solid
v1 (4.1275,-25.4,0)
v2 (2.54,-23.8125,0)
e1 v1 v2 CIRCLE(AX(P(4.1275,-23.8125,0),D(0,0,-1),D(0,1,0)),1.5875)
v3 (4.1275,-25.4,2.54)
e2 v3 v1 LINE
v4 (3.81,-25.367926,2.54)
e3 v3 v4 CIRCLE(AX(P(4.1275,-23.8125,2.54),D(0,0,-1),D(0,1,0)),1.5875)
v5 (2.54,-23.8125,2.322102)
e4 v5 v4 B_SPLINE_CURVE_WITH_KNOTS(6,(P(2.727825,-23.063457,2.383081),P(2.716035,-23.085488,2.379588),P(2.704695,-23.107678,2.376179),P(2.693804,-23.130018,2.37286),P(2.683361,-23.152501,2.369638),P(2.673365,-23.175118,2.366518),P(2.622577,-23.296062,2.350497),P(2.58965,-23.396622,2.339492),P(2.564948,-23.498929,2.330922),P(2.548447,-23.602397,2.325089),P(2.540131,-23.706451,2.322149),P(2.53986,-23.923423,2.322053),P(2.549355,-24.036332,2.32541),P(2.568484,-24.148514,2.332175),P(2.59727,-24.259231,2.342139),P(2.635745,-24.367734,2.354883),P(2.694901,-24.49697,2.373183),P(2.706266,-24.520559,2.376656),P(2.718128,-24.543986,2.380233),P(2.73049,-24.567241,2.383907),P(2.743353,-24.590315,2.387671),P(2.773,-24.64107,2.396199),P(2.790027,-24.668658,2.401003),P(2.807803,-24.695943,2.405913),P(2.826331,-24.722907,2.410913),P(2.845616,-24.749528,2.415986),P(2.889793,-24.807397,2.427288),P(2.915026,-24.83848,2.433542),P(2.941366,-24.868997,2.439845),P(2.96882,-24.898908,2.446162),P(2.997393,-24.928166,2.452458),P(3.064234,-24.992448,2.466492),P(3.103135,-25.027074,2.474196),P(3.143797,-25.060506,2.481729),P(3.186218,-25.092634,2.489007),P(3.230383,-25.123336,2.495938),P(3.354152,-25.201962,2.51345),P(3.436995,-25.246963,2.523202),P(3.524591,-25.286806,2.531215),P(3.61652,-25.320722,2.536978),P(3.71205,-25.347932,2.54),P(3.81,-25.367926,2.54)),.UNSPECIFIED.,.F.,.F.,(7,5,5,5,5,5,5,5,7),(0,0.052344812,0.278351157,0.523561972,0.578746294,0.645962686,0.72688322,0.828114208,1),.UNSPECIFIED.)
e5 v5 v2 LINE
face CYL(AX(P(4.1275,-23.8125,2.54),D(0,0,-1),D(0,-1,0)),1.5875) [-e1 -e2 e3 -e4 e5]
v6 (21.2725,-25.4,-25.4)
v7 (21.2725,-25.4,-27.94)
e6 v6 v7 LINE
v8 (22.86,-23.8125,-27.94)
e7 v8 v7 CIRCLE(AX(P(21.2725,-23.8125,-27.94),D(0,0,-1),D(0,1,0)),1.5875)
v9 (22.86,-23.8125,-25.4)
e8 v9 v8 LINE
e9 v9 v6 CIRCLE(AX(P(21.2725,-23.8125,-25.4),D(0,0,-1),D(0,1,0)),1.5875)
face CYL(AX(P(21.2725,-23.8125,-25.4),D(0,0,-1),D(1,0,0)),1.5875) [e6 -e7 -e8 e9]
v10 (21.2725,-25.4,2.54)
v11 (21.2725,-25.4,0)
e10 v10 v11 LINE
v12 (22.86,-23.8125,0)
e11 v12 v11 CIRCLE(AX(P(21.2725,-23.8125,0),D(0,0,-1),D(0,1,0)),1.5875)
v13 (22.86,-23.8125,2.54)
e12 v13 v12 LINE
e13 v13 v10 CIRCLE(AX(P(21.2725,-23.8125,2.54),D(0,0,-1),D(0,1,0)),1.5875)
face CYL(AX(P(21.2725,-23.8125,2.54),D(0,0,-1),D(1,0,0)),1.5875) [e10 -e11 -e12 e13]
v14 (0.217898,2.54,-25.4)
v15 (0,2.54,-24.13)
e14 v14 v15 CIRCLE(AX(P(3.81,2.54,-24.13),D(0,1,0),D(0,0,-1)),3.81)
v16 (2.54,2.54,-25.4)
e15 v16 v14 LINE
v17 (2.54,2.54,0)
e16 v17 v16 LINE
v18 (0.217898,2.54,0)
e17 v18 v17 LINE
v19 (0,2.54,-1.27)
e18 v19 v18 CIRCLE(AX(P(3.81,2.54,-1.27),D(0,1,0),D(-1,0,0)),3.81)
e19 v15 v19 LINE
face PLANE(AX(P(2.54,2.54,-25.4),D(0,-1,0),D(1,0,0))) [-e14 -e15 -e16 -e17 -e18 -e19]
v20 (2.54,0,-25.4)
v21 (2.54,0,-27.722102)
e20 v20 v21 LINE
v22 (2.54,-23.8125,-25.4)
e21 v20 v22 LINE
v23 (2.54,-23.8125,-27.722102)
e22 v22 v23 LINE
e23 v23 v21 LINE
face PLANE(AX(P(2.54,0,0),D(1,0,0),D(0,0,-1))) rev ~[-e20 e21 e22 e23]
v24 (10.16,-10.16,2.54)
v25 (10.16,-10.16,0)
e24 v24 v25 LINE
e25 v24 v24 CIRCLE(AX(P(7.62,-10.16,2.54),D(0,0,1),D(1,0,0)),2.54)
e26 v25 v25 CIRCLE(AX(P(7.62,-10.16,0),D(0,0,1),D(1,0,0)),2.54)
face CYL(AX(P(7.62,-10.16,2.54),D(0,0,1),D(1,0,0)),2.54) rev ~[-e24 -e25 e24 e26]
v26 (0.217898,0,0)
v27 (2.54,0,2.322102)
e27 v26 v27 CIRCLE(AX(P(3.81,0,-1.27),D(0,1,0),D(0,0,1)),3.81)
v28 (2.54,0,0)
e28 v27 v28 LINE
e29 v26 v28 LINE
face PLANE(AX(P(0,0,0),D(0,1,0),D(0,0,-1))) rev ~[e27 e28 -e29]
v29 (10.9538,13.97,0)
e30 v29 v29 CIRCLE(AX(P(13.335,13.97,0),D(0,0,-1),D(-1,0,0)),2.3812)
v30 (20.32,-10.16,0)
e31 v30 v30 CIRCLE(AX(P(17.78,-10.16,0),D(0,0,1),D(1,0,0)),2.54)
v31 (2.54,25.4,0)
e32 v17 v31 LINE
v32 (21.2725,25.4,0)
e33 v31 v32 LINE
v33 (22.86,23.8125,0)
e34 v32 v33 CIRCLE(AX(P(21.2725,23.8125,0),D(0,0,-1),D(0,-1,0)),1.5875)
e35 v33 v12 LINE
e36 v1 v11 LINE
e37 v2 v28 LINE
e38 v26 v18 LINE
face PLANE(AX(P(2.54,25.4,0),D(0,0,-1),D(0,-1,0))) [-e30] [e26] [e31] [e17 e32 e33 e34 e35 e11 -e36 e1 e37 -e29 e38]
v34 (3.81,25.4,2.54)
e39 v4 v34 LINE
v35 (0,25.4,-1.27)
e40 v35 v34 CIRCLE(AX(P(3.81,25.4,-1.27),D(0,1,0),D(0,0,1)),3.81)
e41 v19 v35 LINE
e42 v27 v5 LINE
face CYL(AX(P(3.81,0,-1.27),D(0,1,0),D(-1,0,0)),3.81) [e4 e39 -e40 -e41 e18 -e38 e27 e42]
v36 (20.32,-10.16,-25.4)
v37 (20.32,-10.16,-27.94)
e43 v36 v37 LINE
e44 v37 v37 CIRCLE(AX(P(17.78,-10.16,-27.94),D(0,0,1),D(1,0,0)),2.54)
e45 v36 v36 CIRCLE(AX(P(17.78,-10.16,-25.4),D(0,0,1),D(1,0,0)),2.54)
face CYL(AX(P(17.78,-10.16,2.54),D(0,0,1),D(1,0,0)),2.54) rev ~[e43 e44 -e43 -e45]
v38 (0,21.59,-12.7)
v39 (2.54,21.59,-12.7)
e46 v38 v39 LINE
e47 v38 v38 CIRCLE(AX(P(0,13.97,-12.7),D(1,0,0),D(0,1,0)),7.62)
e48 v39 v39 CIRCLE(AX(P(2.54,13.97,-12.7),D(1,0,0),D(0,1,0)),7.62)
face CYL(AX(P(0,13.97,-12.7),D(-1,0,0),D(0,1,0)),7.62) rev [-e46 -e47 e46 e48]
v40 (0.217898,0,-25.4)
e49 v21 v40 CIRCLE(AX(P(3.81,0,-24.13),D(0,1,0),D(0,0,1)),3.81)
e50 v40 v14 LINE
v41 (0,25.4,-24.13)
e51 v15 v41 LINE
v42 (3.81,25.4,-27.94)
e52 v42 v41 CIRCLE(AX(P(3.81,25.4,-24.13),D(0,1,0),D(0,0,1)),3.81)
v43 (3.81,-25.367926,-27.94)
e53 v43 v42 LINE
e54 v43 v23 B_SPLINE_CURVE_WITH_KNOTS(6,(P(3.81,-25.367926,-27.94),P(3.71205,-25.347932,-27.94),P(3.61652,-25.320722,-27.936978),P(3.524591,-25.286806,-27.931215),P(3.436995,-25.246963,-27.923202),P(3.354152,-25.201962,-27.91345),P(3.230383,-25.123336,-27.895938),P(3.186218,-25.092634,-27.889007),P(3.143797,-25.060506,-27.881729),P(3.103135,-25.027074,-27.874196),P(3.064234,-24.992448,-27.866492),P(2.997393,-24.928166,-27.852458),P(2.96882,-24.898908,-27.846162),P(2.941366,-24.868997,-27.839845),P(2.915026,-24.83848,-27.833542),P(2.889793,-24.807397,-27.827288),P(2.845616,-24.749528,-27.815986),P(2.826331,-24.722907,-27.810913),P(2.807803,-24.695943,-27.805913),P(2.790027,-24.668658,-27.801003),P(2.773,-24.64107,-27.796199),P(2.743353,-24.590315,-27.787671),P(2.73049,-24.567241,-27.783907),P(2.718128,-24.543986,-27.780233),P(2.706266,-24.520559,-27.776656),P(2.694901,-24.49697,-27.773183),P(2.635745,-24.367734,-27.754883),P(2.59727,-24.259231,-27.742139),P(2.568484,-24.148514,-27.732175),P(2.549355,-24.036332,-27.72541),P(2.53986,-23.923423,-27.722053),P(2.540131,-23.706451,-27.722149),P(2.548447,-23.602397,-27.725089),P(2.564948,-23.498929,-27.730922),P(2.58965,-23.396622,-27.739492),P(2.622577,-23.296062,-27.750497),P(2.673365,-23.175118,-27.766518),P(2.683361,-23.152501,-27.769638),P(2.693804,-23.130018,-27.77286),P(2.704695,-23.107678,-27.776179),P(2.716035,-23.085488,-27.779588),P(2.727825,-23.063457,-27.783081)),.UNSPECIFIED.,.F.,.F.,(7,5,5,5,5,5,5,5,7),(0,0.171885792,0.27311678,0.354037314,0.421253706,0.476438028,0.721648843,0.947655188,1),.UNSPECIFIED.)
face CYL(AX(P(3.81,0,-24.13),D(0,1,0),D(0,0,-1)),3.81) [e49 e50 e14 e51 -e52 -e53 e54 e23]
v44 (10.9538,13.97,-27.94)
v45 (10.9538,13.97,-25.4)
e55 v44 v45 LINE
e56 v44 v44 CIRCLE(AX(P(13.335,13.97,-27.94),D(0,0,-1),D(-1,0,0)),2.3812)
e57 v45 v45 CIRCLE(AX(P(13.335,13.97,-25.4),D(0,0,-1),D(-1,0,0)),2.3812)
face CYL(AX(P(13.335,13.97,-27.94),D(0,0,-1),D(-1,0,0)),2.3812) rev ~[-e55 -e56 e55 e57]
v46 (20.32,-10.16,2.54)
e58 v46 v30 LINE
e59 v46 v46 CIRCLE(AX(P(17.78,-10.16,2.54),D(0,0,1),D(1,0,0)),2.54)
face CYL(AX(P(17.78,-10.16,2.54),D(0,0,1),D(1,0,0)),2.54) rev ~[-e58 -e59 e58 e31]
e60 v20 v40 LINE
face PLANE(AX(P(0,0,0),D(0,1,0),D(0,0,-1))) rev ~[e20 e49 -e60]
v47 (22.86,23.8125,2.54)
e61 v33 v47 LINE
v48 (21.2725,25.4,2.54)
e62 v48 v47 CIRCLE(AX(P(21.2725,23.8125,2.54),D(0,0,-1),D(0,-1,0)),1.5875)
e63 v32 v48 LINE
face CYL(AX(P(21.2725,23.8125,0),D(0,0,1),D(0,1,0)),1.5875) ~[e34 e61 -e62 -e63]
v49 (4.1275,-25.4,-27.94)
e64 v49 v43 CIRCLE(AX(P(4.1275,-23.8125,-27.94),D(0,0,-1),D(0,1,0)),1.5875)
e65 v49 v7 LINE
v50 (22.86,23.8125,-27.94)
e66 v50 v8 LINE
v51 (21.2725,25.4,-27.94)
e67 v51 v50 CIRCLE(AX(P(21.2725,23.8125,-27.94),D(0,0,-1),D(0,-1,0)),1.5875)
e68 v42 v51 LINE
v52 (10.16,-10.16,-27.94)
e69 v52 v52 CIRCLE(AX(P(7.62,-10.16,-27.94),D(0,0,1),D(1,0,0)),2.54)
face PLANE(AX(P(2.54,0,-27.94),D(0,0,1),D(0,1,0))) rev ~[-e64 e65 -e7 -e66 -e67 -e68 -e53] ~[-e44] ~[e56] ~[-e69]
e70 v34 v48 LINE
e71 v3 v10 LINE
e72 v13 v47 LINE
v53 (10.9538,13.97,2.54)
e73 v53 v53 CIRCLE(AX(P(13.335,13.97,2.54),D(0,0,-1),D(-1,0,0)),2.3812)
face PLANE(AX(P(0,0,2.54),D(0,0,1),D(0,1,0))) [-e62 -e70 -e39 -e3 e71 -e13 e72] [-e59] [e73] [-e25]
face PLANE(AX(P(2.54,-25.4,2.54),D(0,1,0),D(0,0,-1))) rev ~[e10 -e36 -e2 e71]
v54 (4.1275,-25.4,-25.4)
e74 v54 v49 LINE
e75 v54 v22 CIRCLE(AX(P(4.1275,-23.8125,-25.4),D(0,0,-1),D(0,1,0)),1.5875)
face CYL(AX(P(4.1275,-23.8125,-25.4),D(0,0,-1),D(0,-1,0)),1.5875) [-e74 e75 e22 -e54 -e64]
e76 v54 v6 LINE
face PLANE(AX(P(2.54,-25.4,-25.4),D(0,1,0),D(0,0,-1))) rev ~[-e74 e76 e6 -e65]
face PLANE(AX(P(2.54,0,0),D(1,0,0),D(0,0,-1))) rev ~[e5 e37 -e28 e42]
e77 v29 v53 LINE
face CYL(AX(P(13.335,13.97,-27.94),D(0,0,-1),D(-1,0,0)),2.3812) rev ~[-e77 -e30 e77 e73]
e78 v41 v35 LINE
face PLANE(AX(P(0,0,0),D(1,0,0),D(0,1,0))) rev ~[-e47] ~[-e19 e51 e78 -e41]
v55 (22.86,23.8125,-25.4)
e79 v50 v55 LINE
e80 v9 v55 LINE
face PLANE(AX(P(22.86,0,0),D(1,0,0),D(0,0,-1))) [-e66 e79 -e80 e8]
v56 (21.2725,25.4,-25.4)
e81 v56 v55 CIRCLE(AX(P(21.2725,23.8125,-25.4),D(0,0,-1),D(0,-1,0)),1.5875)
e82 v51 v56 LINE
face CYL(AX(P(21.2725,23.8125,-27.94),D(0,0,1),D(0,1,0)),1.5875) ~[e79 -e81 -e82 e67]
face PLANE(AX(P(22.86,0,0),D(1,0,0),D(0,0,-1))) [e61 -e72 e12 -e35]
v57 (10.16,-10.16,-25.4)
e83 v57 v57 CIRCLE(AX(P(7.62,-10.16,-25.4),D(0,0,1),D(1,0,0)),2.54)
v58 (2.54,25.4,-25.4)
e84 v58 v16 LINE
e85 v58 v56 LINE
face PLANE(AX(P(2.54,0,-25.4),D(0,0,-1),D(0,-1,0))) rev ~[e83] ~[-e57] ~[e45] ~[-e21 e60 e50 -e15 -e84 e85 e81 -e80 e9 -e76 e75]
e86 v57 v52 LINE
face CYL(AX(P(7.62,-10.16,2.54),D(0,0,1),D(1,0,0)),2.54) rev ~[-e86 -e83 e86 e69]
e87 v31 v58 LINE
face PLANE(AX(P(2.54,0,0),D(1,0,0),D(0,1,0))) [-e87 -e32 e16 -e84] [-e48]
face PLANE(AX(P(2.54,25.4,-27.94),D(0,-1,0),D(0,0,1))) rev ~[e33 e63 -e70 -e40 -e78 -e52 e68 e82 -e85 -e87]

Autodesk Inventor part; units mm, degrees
ref_plane "YZ Plane" through (0, 0, 0) normal (1, 0, 0) x (0, 1, 0)
ref_plane "XZ Plane" through (0, 0, 0) normal (0, 1, 0) x (-1, 0, 0)
ref_plane "XY Plane" through (0, 0, 0) normal (0, 0, 1) x (1, 0, 0)
sketch "Sketch1" plane through (0, 0, 0) normal (1, 0, 0) x (0, 1, 0)
  line L0 (0, 0) -> (0, -25.4)
  line L1 (0, -25.4) -> (25.4, -25.4)
  line L2 (25.4, -25.4) -> (25.4, 0)
  line L3 (25.4, 0) -> (0, 0)
  line L4 (0, 0) -> (0, 2.54)
  line L5 (0, 2.54) -> (25.4, 2.54)
  line L6 (25.4, 2.54) -> (25.4, 0)
  line L7 (0, -25.4) -> (0, -27.94)
  line L8 (0, -27.94) -> (25.4, -27.94)
  line L9 (25.4, -27.94) -> (25.4, -25.4)
  circle A0 centre (13.97, -12.7) radius 7.62
  dimension "d0" = 25.4
  dimension "d1" = 25.4
  dimension "d2" = 2.54
  dimension "d3" = 2.54
ref_plane "Work Plane2" through (2.54, 0, 0) normal (1, 0, 0) x (0, 0, -1)
sketch "Sketch2" plane through (2.54, 0, 0) normal (1, 0, 0) x (0, 0, -1)
  line L0 (27.94, 25.4) -> (-2.54, 25.4) projected
  line L1 (0, 25.4) -> (0, 0)
  line L2 (-2.54, 25.4) -> (0, 25.4)
  line L3 (-2.54, 25.4) -> (-2.54, 0)
  line L4 (25.4, 0) -> (25.4, 25.4)
  line L5 (27.94, 0) -> (27.94, 25.4) projected
  line L6 (25.4, 25.4) -> (27.94, 25.4)
  line L7 (27.94, 25.4) -> (27.94, 0)
  line L8 (25.4, 0) -> (25.4, -25.4)
  line L9 (25.4, -25.4) -> (27.94, -25.4)
  line L10 (27.94, -25.4) -> (27.94, 0)
  line L11 (-2.54, 0) -> (-2.54, -25.4)
  line L12 (-2.54, -25.4) -> (0, -25.4)
  line L13 (0, -25.4) -> (0, 0)
  dimension "d10" = 2.54
  dimension "d11" = 25.4
  dimension "d12" = 25.4
extrude "Extrusion2" add sketch "Sketch2" along normal blind 20.32
extrude "Extrusion3" add sketch "Sketch1" along normal blind 2.54
sketch "Sketch3" plane through (2.54, -25.4, 2.54) normal (0, 0, 1) x (1, 0, 0)
  line L0 (0, 0) -> (0, 25.4) projected
  circle A0 centre (5.08, 15.24) radius 2.54
  circle A1 centre (15.24, 15.24) radius 2.54
  point P0 (-2.54, 25.4)
extrude "Extrusion4" cut sketch "Sketch3" against normal blind 40.3225
fillet "Fillet1" radius 1.5875 1 edges at (22.86, -25.4, 1.27)
fillet "Fillet2" radius 1.5875 1 edges at (22.86, -25.4, -26.67)
fillet "Fillet3" radius 1.5875 1 edges at (22.86, 25.4, 1.27)
fillet "Fillet4" radius 1.5875 1 edges at (22.86, 25.4, -26.67)
fillet "Fillet5" radius 1.5875 2 edges at (2.54, -25.4, 1.27) (2.54, -25.4, -26.67)
fillet "Fillet6" radius 3.81 2 edges at (0, 12.7, -27.94) (0, 12.7, 2.54)
sketch "Sketch4" plane through (2.54, 0, -25.4) normal (0, -1, 0) x (1, 0, 0)
  line L0 (0, 25.4) -> (0, 0) projected
  line L1 (0, 25.4) -> (0, 0)
  line L2 (0, 0) -> (-2.54, 0)
  line L3 (-2.54, 0) -> (-2.54, 25.4)
  line L4 (-2.54, 25.4) -> (0, 25.4)
extrude "Extrusion5" cut sketch "Sketch4" against normal blind 2.54
sketch "Sketch5" plane through (22.86, -23.8125, -27.94) normal (0, 0, -1) x (-1, 0, 0)
  line L0 (22.86, 26.3525) -> (22.86, 49.2125) projected
  line L1 (0, 47.625) -> (0, 0) projected
  line L2 (19.05, 49.2125) -> (19.05, -1.5554) projected
  circle A0 centre (9.525, 37.7825) radius 2.3812
  point P0 (22.86, 23.8125)
  dimension "d35" = 4.7625
extrude "Extrusion6" cut sketch "Sketch5" against normal blind 38.735
properties part number "Inline Cylinder Mount Bracket" material "Steel, Alloy"
